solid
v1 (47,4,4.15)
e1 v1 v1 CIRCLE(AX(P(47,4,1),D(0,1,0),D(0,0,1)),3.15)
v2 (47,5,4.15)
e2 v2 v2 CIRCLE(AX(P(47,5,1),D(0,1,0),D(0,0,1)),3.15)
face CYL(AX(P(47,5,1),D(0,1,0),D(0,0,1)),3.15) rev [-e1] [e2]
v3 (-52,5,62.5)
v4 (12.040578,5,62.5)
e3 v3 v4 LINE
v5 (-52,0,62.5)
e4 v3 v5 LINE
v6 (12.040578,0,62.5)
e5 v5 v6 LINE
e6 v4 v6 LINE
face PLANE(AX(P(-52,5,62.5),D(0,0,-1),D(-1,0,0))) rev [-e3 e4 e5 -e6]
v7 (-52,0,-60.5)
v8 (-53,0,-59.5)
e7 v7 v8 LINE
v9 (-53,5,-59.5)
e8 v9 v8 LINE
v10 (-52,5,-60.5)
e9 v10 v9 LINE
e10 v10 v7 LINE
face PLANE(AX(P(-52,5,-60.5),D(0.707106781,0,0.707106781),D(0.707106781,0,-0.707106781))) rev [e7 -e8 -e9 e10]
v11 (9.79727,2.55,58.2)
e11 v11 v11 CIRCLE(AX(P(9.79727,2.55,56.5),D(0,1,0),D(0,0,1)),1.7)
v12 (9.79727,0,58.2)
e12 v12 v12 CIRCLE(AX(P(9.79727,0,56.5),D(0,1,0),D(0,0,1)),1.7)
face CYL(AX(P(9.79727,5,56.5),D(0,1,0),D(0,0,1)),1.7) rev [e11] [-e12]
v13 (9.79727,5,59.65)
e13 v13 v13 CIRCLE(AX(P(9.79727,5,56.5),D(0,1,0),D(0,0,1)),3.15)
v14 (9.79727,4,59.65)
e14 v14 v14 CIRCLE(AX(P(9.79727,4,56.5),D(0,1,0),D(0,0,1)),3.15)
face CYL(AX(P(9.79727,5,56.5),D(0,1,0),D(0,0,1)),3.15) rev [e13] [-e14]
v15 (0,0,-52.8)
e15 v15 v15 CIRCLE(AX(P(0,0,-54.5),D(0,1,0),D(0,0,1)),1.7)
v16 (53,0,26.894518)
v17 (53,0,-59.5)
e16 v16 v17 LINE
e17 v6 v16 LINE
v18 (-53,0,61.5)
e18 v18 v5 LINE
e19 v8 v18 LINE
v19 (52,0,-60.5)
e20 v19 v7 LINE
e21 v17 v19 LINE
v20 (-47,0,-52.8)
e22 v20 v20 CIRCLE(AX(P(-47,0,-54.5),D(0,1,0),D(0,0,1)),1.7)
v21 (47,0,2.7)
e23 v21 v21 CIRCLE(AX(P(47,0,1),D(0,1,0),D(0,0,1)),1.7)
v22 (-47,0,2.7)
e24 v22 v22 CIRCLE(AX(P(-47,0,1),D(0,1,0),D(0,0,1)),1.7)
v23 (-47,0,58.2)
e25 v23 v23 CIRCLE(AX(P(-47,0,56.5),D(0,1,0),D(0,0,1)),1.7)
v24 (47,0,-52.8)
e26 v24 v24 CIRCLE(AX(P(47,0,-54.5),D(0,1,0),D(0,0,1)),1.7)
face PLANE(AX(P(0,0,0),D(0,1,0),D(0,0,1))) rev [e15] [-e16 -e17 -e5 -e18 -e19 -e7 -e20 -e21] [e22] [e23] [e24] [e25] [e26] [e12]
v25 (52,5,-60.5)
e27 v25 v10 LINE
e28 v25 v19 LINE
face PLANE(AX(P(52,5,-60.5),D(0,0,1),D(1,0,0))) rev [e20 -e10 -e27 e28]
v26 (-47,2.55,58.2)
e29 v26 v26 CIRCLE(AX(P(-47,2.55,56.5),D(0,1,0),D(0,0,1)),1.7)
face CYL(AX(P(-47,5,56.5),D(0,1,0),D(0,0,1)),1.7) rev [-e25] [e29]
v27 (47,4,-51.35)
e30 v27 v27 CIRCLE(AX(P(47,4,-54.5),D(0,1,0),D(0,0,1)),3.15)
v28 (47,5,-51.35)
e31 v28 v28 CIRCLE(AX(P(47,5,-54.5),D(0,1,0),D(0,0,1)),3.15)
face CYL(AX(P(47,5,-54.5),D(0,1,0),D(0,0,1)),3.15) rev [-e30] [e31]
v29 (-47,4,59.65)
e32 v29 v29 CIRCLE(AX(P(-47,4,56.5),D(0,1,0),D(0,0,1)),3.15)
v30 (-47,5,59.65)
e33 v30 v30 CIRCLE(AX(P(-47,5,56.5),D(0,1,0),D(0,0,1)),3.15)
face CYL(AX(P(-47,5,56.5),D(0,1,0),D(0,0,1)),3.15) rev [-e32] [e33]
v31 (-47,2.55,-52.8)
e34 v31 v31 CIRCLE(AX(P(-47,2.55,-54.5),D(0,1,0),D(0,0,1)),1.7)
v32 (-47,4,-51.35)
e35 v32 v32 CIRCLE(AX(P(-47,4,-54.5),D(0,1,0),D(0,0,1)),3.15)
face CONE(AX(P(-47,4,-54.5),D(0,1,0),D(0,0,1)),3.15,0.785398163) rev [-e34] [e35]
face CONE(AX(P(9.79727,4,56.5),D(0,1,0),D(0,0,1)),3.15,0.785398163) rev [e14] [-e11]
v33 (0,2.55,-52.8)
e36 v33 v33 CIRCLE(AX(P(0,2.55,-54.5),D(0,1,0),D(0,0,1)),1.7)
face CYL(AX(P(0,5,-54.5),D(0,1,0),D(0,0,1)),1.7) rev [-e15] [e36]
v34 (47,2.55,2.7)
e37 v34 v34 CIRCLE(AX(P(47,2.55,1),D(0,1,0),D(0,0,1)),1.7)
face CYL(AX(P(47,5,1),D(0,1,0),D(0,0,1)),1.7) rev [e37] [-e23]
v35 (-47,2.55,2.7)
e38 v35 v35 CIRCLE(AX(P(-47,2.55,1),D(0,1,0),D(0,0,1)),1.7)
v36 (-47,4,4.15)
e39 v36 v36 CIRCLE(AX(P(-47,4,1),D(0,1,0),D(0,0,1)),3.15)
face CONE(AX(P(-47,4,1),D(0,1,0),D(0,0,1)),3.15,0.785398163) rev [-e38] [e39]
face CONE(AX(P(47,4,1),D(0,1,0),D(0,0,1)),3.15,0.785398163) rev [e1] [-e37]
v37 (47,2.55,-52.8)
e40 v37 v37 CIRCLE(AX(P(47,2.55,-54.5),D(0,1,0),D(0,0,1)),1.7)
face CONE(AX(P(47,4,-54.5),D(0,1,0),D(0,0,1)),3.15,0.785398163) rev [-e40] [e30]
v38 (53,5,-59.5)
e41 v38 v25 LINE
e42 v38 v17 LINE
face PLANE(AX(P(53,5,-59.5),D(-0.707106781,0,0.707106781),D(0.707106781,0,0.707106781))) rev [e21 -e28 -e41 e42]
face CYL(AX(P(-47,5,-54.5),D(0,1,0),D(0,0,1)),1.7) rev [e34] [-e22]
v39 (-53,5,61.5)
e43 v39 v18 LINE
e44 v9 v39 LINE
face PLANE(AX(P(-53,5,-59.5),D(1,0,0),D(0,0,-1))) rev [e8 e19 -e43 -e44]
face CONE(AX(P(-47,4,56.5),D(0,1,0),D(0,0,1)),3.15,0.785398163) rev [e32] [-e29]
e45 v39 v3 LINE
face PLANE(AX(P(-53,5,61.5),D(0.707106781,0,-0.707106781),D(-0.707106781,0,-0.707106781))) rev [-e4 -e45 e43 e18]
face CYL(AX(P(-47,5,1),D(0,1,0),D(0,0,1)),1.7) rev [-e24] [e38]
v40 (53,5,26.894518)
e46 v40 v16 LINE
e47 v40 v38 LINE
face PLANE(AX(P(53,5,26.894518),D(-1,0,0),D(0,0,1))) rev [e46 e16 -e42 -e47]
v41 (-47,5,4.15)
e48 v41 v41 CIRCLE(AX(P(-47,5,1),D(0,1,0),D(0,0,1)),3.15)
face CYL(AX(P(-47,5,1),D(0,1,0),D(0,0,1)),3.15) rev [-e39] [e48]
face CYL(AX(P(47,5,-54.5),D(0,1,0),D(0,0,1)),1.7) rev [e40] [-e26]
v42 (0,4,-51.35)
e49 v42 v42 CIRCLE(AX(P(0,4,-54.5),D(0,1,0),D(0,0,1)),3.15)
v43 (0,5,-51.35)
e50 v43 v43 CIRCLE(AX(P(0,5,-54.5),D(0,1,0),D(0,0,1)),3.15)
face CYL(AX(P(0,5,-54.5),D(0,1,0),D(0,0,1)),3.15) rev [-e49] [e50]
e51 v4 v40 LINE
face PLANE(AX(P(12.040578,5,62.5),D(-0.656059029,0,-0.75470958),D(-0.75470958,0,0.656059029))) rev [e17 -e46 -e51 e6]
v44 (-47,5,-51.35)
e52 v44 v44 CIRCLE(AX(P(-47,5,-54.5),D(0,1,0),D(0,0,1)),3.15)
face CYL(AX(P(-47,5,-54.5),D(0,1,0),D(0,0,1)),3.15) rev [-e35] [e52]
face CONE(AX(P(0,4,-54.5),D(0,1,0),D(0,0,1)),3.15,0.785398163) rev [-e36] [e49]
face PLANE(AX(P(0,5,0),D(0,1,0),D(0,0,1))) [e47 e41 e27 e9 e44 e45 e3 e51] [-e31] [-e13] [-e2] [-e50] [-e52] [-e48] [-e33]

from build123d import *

# Parameters (mm, degrees)
BOSS_EXTRUDE1_DEPTH                          = 5
CSK_FOR_M3_COUNTERSUNK_FLAT_HEAD_SCR_2_COUNT = 2
CSK_FOR_M3_COUNTERSUNK_FLAT_HEAD_SCR_2_PITCH = 47
CSK_FOR_M3_COUNTERSUNK_FLAT_HEAD_SCR_3_COUNT = 2
CSK_FOR_M3_COUNTERSUNK_FLAT_HEAD_SCR_3_PITCH = 94
CSK_FOR_M3_COUNTERSUNK_FLAT_HEAD_SCR_4_COUNT = 2
CSK_FOR_M3_COUNTERSUNK_FLAT_HEAD_SCR_4_PITCH = 109.16157749
CSK_FOR_M3_COUNTERSUNK_FLAT_HEAD_SCR_5_COUNT = 2
CSK_FOR_M3_COUNTERSUNK_FLAT_HEAD_SCR_5_PITCH = 124.687328624
CSK_FOR_M3_COUNTERSUNK_FLAT_HEAD_SCR_6_COUNT = 2
CSK_FOR_M3_COUNTERSUNK_FLAT_HEAD_SCR_6_PITCH = 111
CSK_FOR_M3_COUNTERSUNK_FLAT_HEAD_SCR_7_COUNT = 2
CSK_FOR_M3_COUNTERSUNK_FLAT_HEAD_SCR_7_PITCH = 55.5


with BuildPart() as part:
    # block_perimeter → Boss-Extrude1 (new body)
    with BuildSketch(Plane(origin=(0, 0, 0), x_dir=(1, 0, 0), z_dir=(0, 1, 0))):
        Polygon((52, 60.5), (-52, 60.5), (-53, 59.5), (-53, -61.5), (-52, -62.5), (12.040578429, -62.5), (53, -26.89451804), (53, 59.5), align=None)
    extrude(amount=BOSS_EXTRUDE1_DEPTH)

    # Sketch5 → CSK for M3 Countersunk Flat Head Screw1 (revolve, cut)
    with BuildSketch(Plane(origin=(-47, 5, -54.5), x_dir=(0, 0, 1), z_dir=(1, 0, 0))):
        Polygon((0, 0), (0, 5), (1.7, 5), (1.7, 2.45), (3.15, 1), (3.15, 0), align=None)
    csk_for_m3_countersunk_flat_head_screw1 = revolve(axis=Axis((-47, 11.35, -54.5), (0, -1, 0)), mode=Mode.SUBTRACT)

    # CSK for M3 Countersunk Flat Head Scr 2: CSK for M3 Countersunk Flat Head Screw1 ×2
    with Locations(*[(i * CSK_FOR_M3_COUNTERSUNK_FLAT_HEAD_SCR_2_PITCH, 0, 0) for i in range(1, CSK_FOR_M3_COUNTERSUNK_FLAT_HEAD_SCR_2_COUNT)]):
        add(csk_for_m3_countersunk_flat_head_screw1, mode=Mode.SUBTRACT)

    # CSK for M3 Countersunk Flat Head Scr 3: CSK for M3 Countersunk Flat Head Screw1 ×2
    with Locations(*[(i * CSK_FOR_M3_COUNTERSUNK_FLAT_HEAD_SCR_3_PITCH, 0, 0) for i in range(1, CSK_FOR_M3_COUNTERSUNK_FLAT_HEAD_SCR_3_COUNT)]):
        add(csk_for_m3_countersunk_flat_head_screw1, mode=Mode.SUBTRACT)

    # CSK for M3 Countersunk Flat Head Scr 4: CSK for M3 Countersunk Flat Head Screw1 ×2
    with Locations(*[Vector(0.8611088458210153, 0, 0.508420648330493) * (i * CSK_FOR_M3_COUNTERSUNK_FLAT_HEAD_SCR_4_PITCH) for i in range(1, CSK_FOR_M3_COUNTERSUNK_FLAT_HEAD_SCR_4_COUNT)]):
        add(csk_for_m3_countersunk_flat_head_screw1, mode=Mode.SUBTRACT)

    # CSK for M3 Countersunk Flat Head Scr 5: CSK for M3 Countersunk Flat Head Screw1 ×2
    with Locations(*[Vector(0.4555175812861699, 0, 0.8902267874756397) * (i * CSK_FOR_M3_COUNTERSUNK_FLAT_HEAD_SCR_5_PITCH) for i in range(1, CSK_FOR_M3_COUNTERSUNK_FLAT_HEAD_SCR_5_COUNT)]):
        add(csk_for_m3_countersunk_flat_head_screw1, mode=Mode.SUBTRACT)

    # CSK for M3 Countersunk Flat Head Scr 6: CSK for M3 Countersunk Flat Head Screw1 ×2
    with Locations(*[(0, 0, i * CSK_FOR_M3_COUNTERSUNK_FLAT_HEAD_SCR_6_PITCH) for i in range(1, CSK_FOR_M3_COUNTERSUNK_FLAT_HEAD_SCR_6_COUNT)]):
        add(csk_for_m3_countersunk_flat_head_screw1, mode=Mode.SUBTRACT)

    # CSK for M3 Countersunk Flat Head Scr 7: CSK for M3 Countersunk Flat Head Screw1 ×2
    with Locations(*[(0, 0, i * CSK_FOR_M3_COUNTERSUNK_FLAT_HEAD_SCR_7_PITCH) for i in range(1, CSK_FOR_M3_COUNTERSUNK_FLAT_HEAD_SCR_7_COUNT)]):
        add(csk_for_m3_countersunk_flat_head_screw1, mode=Mode.SUBTRACT)


solid = part.part
